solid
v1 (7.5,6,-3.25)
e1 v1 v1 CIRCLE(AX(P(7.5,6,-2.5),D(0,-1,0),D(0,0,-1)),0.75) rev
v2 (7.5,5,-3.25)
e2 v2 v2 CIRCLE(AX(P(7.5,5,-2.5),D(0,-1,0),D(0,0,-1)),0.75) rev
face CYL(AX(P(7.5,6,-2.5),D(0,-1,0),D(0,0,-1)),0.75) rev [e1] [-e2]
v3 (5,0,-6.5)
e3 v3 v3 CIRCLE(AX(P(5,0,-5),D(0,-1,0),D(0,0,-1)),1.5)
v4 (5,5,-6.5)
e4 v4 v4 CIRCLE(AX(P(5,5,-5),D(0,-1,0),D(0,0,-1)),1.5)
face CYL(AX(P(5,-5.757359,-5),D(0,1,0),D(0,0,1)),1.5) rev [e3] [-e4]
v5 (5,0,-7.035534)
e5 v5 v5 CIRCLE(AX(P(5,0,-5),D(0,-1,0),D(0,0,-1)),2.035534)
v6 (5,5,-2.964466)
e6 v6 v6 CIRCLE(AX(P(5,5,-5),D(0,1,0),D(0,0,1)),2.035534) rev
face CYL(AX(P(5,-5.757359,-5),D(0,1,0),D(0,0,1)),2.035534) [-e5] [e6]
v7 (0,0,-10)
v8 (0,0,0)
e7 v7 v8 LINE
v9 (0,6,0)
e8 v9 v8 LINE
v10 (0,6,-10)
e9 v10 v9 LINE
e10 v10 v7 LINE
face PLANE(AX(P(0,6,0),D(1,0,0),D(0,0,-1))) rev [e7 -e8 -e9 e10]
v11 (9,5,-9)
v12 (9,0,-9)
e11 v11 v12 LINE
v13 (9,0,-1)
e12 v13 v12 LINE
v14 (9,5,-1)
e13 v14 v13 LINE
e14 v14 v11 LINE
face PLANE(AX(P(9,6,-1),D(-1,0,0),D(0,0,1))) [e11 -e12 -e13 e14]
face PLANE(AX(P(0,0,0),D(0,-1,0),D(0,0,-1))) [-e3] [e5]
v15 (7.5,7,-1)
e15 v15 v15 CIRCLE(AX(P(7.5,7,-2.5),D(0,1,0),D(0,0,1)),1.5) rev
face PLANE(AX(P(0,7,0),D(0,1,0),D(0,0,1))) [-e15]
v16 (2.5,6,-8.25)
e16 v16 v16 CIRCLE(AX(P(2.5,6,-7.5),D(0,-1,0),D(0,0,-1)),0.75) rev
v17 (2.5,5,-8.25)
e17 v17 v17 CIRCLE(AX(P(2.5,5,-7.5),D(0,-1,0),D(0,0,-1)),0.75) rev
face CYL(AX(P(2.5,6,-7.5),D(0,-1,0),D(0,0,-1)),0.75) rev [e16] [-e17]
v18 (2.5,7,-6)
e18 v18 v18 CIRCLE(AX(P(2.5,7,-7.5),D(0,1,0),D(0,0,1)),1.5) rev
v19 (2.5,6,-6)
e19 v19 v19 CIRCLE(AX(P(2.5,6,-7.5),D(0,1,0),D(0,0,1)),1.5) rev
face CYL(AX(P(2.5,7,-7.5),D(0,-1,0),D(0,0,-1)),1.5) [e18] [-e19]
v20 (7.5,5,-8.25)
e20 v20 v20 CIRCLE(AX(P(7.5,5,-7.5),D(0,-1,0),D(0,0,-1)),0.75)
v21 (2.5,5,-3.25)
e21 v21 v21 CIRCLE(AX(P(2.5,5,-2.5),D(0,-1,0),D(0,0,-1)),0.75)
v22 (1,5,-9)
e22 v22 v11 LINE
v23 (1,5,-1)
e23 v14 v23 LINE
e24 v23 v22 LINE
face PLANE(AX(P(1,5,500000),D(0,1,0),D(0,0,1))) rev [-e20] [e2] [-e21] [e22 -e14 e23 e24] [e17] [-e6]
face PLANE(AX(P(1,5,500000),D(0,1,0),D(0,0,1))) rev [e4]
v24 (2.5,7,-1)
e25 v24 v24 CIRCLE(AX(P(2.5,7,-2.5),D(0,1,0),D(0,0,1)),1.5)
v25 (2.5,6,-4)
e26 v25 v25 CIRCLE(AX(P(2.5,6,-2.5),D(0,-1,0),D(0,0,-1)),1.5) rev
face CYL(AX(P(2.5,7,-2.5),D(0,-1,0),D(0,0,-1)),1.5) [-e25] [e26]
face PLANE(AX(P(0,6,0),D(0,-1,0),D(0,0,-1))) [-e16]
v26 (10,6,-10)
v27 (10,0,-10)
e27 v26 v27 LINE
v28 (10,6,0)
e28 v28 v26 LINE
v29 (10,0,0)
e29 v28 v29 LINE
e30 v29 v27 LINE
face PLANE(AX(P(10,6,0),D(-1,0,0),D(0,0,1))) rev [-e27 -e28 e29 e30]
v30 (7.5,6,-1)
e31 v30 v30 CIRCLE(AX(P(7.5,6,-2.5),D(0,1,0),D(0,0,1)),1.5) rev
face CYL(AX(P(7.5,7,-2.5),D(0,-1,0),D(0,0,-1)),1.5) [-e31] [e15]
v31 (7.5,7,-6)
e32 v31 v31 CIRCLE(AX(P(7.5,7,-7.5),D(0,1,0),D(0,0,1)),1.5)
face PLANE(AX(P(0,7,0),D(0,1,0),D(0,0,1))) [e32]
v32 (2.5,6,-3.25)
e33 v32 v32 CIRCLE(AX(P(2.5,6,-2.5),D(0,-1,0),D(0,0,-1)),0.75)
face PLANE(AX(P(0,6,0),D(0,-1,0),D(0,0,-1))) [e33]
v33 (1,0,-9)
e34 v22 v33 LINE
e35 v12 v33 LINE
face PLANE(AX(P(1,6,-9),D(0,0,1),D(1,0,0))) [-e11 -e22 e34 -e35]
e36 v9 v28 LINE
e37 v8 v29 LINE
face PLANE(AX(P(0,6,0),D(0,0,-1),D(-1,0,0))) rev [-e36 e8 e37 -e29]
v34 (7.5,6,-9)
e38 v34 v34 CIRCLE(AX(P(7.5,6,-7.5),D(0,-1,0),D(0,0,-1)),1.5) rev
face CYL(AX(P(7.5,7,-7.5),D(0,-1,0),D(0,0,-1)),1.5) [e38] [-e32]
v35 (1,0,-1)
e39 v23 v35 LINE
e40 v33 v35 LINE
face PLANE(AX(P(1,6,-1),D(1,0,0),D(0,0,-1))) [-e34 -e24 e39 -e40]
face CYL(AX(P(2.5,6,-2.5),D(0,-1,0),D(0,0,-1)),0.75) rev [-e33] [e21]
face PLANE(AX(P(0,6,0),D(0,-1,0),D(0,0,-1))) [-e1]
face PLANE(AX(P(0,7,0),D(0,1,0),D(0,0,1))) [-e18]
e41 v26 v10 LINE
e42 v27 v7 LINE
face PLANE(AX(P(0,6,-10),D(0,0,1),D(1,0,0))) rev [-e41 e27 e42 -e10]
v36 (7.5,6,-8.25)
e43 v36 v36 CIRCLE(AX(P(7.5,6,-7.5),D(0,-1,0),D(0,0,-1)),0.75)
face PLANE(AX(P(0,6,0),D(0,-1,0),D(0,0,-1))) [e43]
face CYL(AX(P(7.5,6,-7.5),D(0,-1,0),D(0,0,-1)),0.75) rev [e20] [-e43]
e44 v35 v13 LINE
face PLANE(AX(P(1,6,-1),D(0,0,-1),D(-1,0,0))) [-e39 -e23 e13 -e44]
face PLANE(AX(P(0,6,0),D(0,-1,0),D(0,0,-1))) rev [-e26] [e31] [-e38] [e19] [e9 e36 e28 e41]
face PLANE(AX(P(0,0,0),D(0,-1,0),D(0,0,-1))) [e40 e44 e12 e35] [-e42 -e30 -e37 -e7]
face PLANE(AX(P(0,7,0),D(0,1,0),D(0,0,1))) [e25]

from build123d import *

# Parameters (mm, degrees)
SKETCH1_W           = 10
SKETCH1_H           = 10
SKETCH1_W_2         = 8
SKETCH1_H_2         = 8
BOSS_EXTRUDE1_DEPTH = 6
BOSS_EXTRUDE2_REACH = 11
SKETCH2_W           = 8
SKETCH2_H           = 1
SKETCH3_R           = 1.5
BOSS_EXTRUDE3_DEPTH = 1
BOSS_EXTRUDE4_DEPTH = 5
SKETCH5_R           = 0.75
CUT_EXTRUDE2_DEPTH  = 1


with BuildPart() as part:
    # Sketch1 → Boss-Extrude1 (new body)
    with BuildSketch(Plane(origin=(0, 0, 0), x_dir=(1, 0, 0), z_dir=(0, 1, 0))):
        with Locations((5, 5)):
            Rectangle(SKETCH1_W, SKETCH1_H)
        with Locations((5, 5)):
            Rectangle(SKETCH1_W_2, SKETCH1_H_2, mode=Mode.SUBTRACT)
    extrude(amount=BOSS_EXTRUDE1_DEPTH)

    # Sketch2 → Boss-Extrude2 (add, up to next)
    with BuildSketch(Plane.XY.offset(-9), mode=Mode.PRIVATE) as boss_extrude2_sk1:
        with Locations((5, 5.5)):
            Rectangle(SKETCH2_W, SKETCH2_H)
    boss_extrude2_tool1 = extrude(boss_extrude2_sk1.sketch, amount=BOSS_EXTRUDE2_REACH, mode=Mode.PRIVATE) - part.part
    add(boss_extrude2_tool1.solids().sort_by_distance((5, 5.5, -9))[0])

    # Sketch3 → Boss-Extrude3 (add)
    with BuildSketch(Plane(origin=(0, 6, 0), x_dir=(1, 0, 0), z_dir=(0, 1, 0))):
        with Locations((2.5, 2.5)):
            Circle(SKETCH3_R)
        with Locations((7.5, 2.5)):
            Circle(SKETCH3_R)
        with Locations((7.5, 7.5)):
            Circle(SKETCH3_R)
        with Locations((2.5, 7.5)):
            Circle(SKETCH3_R)
    extrude(amount=BOSS_EXTRUDE3_DEPTH)

    # Sketch4 → Boss-Extrude4 (add)
    with BuildSketch(Plane(origin=(0, 5, 0), x_dir=(-1, 0, 0), z_dir=(0, -1, 0))):
        with BuildLine():
            Line((-3.5, 5), (-2.964466094, 5))
            ThreePointArc((-2.964466094, 5), (-3.560660172, 6.439339828), (-5, 7.035533906))
            Line((-5, 7.035533906), (-5, 6.5))
            ThreePointArc((-5, 6.5), (-3.939339828, 6.060660172), (-3.5, 5))
        make_face()
        with BuildLine():
            Line((-5, 6.5), (-5, 7.035533906))
            ThreePointArc((-5, 7.035533906), (-5.778965109, 6.88058811), (-6.43933984, 6.439339817))
            ThreePointArc((-6.43933984, 6.439339817), (-6.880588116, 5.778965094), (-7.035533906, 5))
            Line((-7.035533906, 5), (-6.5, 5))
            ThreePointArc((-6.5, 5), (-6.060660172, 6.060660172), (-5, 6.5))
        make_face()
        with BuildLine():
            ThreePointArc((-5, 2.964466094), (-3.560660172, 3.560660172), (-2.964466094, 5))
            Line((-2.964466094, 5), (-3.5, 5))
            ThreePointArc((-3.5, 5), (-3.939339828, 3.939339828), (-5, 3.5))
            Line((-5, 3.5), (-5, 2.964466094))
        make_face()
        with BuildLine():
            ThreePointArc((-7.035533906, 5), (-6.439339828, 3.560660172), (-5, 2.964466094))
            Line((-5, 2.964466094), (-5, 3.5))
            ThreePointArc((-5, 3.5), (-6.060660172, 3.939339828), (-6.5, 5))
            Line((-6.5, 5), (-7.035533906, 5))
        make_face()
    extrude(amount=BOSS_EXTRUDE4_DEPTH)

    # Sketch5 → Cut-Extrude2 (cut)
    with BuildSketch(Plane(origin=(0, 5, 0), x_dir=(-1, 0, 0), z_dir=(0, -1, 0))):
        with BuildLine():
            ThreePointArc((-7.5, 6.75), (-6.969669914, 6.969669914), (-6.75, 7.5))
            Line((-6.75, 7.5), (-7.5, 7.5))
            Line((-7.5, 7.5), (-7.5, 6.75))
        make_face()
        with BuildLine():
            Line((-7.5, 7.5), (-6.75, 7.5))
            ThreePointArc((-6.75, 7.5), (-8.030330086, 8.030330086), (-7.5, 6.75))
            Line((-7.5, 6.75), (-7.5, 7.5))
        make_face()
        with Locations((-2.5, 7.5)):
            Circle(SKETCH5_R)
        with Locations((-2.5, 2.5)):
            Circle(SKETCH5_R)
        with Locations((-7.5, 2.5)):
            Circle(SKETCH5_R)
    extrude(amount=-CUT_EXTRUDE2_DEPTH, mode=Mode.SUBTRACT)


solid = part.part
